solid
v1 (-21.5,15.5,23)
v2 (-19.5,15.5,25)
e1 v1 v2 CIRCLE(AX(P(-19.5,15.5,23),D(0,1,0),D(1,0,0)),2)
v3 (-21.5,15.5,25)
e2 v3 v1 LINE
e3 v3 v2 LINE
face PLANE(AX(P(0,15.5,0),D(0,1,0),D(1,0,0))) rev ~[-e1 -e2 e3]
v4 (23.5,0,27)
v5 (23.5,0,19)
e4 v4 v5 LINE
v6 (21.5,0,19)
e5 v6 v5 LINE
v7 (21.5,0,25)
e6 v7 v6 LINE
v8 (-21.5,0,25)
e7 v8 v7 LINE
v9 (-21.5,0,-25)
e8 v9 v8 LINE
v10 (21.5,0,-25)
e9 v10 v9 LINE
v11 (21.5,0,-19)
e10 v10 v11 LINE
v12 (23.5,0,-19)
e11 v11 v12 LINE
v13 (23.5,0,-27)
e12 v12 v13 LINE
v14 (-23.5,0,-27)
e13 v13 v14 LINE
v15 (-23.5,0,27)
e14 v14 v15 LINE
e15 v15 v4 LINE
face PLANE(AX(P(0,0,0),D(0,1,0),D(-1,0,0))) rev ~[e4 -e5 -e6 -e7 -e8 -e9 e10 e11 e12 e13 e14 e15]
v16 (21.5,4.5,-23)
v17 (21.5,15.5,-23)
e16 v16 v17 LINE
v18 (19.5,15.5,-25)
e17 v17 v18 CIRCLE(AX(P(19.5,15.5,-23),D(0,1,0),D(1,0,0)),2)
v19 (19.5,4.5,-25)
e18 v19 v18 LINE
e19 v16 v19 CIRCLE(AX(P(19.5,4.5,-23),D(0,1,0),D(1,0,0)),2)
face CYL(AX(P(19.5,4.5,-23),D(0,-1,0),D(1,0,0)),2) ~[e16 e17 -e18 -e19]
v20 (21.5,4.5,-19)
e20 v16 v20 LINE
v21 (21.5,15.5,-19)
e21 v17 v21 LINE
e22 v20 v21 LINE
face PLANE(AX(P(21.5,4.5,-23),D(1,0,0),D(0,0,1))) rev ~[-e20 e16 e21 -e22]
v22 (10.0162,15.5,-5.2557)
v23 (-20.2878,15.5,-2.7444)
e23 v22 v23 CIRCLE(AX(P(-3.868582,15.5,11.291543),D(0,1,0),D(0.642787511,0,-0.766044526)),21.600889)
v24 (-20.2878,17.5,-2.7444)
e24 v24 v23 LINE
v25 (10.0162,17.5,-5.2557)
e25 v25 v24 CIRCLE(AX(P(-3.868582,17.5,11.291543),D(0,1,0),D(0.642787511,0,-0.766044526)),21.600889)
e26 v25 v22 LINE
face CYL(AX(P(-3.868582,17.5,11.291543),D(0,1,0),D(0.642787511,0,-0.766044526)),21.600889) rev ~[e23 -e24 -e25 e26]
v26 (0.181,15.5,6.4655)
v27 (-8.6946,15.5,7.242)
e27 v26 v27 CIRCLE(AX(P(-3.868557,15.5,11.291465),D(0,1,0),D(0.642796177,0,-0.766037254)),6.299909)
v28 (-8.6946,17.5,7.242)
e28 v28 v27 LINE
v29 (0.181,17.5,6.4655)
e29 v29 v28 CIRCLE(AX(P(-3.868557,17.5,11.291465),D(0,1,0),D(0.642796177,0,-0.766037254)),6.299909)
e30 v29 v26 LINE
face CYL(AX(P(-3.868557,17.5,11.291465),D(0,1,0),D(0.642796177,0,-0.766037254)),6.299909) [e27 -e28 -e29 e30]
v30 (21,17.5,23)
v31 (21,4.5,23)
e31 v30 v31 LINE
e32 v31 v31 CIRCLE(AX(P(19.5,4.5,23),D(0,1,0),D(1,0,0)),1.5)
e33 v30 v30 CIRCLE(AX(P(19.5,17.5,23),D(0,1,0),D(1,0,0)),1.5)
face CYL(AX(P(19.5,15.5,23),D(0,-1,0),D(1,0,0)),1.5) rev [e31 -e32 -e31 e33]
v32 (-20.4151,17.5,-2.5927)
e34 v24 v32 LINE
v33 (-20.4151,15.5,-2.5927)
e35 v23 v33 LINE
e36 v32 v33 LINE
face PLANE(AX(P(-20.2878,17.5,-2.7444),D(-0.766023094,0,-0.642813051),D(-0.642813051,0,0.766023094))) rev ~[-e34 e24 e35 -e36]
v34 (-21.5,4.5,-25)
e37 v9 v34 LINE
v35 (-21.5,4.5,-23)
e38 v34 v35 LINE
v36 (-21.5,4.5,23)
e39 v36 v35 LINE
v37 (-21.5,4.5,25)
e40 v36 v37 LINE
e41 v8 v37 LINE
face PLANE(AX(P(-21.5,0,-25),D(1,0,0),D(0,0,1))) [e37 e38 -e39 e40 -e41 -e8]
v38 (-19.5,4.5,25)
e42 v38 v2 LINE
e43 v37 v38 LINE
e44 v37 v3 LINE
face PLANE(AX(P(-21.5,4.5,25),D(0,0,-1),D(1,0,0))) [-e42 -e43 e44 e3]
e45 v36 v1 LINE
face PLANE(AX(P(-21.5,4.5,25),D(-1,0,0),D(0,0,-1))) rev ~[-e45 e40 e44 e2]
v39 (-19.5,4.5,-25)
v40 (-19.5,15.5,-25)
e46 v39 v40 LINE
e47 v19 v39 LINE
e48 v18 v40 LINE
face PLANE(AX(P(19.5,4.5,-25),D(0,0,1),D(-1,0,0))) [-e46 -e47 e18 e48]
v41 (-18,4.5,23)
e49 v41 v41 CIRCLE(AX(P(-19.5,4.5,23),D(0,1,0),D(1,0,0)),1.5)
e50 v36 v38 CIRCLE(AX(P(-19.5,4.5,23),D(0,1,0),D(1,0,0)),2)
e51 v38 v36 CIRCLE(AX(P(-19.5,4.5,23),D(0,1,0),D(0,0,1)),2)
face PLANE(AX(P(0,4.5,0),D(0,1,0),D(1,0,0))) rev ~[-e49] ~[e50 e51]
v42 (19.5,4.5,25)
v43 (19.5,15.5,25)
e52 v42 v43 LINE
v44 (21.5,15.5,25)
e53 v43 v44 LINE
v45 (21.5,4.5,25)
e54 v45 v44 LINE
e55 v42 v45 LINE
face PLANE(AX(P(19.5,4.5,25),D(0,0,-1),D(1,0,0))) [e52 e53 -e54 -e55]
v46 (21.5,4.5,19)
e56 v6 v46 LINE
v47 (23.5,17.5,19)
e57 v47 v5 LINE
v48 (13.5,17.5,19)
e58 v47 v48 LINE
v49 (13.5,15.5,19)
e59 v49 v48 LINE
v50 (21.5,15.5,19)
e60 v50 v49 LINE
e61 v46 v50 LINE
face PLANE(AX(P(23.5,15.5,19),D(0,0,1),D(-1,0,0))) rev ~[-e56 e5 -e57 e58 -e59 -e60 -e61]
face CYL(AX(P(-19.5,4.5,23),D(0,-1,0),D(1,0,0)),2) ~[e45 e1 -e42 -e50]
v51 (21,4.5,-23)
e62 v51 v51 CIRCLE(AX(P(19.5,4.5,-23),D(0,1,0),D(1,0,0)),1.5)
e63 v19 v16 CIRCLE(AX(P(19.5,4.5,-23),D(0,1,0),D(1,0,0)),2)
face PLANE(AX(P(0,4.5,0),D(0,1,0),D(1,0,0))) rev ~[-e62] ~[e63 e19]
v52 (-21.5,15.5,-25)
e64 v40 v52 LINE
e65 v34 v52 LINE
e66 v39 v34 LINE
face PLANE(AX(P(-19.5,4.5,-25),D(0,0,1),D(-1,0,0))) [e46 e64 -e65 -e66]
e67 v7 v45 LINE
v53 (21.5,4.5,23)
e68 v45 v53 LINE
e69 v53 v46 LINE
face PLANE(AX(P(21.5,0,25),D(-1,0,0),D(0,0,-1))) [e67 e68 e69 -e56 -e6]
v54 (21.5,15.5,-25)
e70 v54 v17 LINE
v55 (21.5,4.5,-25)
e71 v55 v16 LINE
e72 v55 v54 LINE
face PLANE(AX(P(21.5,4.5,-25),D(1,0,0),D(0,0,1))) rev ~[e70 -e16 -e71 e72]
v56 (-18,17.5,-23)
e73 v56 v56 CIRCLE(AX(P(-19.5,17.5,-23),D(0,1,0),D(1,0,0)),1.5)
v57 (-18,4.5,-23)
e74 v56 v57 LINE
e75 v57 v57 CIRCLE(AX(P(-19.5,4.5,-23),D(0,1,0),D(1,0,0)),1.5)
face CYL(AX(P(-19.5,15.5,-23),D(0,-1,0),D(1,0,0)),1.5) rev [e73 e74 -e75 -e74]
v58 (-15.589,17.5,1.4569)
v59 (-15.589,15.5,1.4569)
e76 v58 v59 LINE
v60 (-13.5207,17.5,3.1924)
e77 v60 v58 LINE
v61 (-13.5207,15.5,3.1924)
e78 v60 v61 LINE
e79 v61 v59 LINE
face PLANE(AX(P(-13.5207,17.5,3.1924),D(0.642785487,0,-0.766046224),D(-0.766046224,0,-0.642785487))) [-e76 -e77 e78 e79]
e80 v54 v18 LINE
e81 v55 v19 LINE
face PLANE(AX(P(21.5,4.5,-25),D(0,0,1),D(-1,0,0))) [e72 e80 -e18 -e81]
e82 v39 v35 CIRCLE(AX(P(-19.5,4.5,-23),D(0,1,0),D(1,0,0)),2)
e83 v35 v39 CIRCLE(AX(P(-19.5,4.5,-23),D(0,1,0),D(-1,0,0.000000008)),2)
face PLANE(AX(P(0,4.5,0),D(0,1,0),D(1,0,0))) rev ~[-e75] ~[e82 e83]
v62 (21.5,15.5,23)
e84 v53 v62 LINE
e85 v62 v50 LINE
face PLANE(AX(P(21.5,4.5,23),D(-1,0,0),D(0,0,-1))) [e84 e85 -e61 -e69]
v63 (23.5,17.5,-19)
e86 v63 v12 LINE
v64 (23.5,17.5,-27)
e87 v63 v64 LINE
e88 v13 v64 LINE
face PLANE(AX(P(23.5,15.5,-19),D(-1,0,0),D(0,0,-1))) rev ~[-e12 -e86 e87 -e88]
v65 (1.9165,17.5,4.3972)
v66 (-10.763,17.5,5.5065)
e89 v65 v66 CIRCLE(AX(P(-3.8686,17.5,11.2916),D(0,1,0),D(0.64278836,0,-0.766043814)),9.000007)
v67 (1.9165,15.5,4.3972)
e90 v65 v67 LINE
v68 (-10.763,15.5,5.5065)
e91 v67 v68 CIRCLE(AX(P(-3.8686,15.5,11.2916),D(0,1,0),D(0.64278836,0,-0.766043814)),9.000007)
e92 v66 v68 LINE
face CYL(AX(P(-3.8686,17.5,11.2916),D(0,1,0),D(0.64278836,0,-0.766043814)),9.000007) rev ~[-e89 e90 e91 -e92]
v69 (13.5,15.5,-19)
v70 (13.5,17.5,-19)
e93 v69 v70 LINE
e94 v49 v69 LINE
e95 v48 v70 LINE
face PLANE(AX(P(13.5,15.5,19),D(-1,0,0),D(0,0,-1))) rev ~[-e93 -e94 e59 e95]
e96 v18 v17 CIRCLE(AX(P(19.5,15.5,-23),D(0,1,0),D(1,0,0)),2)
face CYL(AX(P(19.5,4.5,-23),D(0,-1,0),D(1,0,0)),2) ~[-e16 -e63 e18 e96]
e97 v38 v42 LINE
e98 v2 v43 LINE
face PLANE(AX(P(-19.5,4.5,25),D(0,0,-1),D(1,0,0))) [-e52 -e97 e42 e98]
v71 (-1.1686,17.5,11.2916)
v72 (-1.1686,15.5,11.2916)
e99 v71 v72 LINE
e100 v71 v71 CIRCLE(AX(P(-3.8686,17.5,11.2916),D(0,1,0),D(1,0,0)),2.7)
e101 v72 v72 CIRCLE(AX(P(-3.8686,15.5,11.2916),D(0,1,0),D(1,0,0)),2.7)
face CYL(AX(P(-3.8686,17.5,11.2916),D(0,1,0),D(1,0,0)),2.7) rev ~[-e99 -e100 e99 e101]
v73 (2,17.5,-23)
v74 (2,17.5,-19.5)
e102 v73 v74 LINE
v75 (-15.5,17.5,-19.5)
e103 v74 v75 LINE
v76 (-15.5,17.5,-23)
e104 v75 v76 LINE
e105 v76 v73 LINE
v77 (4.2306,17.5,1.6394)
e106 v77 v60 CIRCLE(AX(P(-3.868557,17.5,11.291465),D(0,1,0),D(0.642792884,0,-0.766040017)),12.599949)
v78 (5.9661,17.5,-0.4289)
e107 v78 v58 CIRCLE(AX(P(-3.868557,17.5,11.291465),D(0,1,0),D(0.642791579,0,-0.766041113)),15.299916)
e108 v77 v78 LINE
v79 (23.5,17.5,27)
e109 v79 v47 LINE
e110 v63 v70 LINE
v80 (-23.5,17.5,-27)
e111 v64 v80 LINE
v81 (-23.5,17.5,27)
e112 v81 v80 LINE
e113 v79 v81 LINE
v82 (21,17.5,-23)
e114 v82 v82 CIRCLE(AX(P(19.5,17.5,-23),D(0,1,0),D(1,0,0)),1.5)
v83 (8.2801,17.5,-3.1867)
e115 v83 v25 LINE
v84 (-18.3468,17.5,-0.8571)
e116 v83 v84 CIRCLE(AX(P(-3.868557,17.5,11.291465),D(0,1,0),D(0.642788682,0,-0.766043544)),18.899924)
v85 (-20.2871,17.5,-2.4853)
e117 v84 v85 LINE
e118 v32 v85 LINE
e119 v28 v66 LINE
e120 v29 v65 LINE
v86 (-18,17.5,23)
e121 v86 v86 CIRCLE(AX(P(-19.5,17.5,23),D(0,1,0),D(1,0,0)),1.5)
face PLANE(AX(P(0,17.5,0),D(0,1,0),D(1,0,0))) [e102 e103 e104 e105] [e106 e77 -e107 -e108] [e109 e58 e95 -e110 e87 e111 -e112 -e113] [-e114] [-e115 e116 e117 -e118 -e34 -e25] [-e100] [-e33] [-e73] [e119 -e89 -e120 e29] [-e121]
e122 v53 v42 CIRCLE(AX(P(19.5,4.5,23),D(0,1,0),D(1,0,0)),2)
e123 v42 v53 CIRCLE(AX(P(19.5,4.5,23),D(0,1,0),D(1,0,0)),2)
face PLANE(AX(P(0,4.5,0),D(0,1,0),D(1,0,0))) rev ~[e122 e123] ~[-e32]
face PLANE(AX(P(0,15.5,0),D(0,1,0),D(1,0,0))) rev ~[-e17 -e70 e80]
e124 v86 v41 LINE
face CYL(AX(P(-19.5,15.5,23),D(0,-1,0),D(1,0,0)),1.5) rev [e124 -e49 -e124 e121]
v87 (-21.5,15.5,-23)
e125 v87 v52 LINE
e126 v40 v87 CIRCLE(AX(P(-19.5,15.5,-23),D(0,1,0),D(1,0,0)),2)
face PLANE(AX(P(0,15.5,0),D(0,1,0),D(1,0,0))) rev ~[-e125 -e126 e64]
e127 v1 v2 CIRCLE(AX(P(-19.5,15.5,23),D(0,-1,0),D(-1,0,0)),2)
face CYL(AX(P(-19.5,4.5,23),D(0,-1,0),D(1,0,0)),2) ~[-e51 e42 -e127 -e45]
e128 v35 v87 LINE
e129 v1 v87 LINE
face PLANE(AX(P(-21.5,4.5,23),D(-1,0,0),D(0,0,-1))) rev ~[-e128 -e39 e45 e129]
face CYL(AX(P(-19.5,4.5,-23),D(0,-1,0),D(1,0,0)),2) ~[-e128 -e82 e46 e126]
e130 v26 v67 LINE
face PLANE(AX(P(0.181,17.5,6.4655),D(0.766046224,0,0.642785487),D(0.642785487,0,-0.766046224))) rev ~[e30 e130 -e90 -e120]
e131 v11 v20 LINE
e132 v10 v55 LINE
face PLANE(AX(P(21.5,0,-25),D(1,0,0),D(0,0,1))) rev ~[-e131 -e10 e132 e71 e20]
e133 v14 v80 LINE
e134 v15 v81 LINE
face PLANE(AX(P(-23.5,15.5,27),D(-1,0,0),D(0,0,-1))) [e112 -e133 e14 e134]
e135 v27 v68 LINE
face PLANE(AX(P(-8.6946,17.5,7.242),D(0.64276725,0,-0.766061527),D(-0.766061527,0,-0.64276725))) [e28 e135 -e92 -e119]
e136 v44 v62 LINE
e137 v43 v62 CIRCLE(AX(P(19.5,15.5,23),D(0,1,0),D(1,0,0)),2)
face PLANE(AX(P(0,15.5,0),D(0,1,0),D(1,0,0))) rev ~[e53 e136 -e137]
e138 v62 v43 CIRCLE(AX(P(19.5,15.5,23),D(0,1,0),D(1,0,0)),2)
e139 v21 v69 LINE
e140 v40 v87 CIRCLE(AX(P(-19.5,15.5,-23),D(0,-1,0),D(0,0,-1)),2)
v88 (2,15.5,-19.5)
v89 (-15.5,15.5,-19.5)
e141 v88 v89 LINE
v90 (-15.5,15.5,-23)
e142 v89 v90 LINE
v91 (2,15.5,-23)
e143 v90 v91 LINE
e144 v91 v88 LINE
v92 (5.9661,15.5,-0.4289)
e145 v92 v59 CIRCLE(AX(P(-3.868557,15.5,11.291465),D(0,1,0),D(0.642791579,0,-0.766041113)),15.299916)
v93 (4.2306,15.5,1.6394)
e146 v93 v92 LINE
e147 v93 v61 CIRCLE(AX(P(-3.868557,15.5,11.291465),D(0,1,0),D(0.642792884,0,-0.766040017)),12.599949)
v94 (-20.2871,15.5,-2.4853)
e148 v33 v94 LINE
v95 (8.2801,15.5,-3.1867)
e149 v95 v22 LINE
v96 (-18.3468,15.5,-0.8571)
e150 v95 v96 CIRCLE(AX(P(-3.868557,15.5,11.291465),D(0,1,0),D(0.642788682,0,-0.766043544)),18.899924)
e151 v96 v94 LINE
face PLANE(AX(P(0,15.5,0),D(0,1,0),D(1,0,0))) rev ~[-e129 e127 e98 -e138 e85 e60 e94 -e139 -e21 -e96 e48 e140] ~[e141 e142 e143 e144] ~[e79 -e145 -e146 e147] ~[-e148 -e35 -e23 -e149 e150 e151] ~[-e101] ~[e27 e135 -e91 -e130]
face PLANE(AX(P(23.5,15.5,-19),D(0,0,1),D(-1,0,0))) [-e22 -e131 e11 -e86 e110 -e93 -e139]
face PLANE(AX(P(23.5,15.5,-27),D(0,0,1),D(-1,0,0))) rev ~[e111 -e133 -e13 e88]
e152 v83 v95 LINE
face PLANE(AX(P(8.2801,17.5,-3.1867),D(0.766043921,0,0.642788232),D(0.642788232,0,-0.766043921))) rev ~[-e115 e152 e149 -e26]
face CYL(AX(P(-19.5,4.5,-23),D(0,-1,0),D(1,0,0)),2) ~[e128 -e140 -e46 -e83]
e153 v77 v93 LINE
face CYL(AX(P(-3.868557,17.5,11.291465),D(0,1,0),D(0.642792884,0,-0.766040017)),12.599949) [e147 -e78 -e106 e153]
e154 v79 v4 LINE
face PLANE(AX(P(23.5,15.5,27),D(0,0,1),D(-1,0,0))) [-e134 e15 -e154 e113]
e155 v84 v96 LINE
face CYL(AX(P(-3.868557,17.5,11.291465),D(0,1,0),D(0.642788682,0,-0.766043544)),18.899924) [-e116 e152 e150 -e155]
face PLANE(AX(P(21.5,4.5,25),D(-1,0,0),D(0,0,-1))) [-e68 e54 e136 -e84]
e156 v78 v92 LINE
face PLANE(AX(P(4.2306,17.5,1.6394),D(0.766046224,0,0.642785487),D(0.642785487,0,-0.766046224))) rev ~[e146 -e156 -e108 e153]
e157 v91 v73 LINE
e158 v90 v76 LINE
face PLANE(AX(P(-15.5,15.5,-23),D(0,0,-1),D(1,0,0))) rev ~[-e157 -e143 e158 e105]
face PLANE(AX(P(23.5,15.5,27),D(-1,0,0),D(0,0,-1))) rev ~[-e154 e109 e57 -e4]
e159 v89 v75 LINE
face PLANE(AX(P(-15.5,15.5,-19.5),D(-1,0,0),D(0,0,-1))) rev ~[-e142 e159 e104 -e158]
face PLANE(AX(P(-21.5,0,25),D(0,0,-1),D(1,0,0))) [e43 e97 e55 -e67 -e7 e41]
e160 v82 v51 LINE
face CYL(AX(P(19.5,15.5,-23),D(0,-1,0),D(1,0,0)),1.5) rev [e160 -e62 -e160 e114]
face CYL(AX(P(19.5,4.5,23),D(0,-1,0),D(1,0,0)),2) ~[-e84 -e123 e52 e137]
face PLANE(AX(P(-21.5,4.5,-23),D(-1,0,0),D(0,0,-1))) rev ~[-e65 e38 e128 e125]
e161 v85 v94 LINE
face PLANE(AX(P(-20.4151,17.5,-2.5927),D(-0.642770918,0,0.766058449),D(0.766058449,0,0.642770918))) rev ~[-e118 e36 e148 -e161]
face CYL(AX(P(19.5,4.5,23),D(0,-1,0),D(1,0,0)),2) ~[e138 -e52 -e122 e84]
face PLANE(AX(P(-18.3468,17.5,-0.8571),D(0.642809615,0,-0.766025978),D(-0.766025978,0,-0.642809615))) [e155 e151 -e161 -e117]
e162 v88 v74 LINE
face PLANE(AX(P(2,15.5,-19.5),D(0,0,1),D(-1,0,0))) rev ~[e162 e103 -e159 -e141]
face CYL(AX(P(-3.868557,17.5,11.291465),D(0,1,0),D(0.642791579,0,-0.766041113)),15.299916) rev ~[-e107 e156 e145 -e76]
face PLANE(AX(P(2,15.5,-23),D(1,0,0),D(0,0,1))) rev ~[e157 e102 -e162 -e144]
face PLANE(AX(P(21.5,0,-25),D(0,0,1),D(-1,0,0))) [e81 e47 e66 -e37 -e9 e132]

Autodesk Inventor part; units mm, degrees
ref_plane "YZ Plane" through (0, 0, 0) normal (1, 0, 0) x (0, 1, 0)
ref_plane "XZ Plane" through (0, 0, 0) normal (0, 1, 0) x (-1, 0, 0)
ref_plane "XY Plane" through (0, 0, 0) normal (0, 0, 1) x (1, 0, 0)
sketch "Sketch1" plane through (0, 0, 0) normal (0, 1, 0) x (-1, 0, 0)
  line L0 (23.5, 27) -> (-23.5, 27)
  line L1 (-23.5, -27) -> (23.5, -27)
  line L2 (23.5, -27) -> (23.5, 27)
  line L3 (21.5, 25) -> (-21.5, 25)
  line L4 (-21.5, -25) -> (21.5, -25)
  line L5 (21.5, -25) -> (21.5, 25)
  line L6 (-21.5, -25) -> (-21.5, -19)
  line L7 (-21.5, -19) -> (-23.5, -19)
  line L8 (-21.5, 25) -> (-21.5, 19)
  line L9 (-21.5, 19) -> (-23.5, 19)
  line L10 (-23.5, 27) -> (-23.5, 19)
  line L11 (-23.5, -19) -> (-23.5, -27)
  line L12 (-21.5, 25) -> (-21.5, 19)
  line L13 (-21.5, -19) -> (-21.5, -25)
  dimension "d2" = 47
  dimension "d3" = 54
  dimension "d4" = 43
  dimension "d5" = 50
  dimension "d6" = 6
  dimension "d7" = 6
extrude "Extrusion1" add sketch "Sketch1" along normal blind 4.5
sketch "Sketch2" plane through (0, 4.5, 0) normal (0, 1, 0) x (1, 0, 0)
  line L0 (23.5, -27) -> (-23.5, -27)
  line L1 (23.5, 27) -> (-23.5, 27) projected
  line L2 (-23.5, -27) -> (-23.5, 27)
  line L3 (-23.5, 27) -> (23.5, 27)
  line L4 (23.5, 19) -> (23.5, 27) projected
  line L5 (23.5, 27) -> (23.5, 19)
  line L6 (23.5, 19) -> (21.5, 19)
  line L7 (21.5, 25) -> (21.5, 19) projected
  line L8 (21.5, 19) -> (21.5, 25)
  line L9 (21.5, 25) -> (-21.5, 25)
  line L10 (-21.5, -25) -> (-21.5, 25) projected
  line L11 (-21.5, 25) -> (-21.5, -25)
  line L12 (-21.5, -25) -> (21.5, -25)
  line L13 (21.5, -25) -> (21.5, -19)
  line L14 (21.5, -19) -> (23.5, -19)
  line L15 (23.5, -27) -> (23.5, -19) projected
  line L16 (23.5, -19) -> (23.5, -27)
  line L17 (21.5, -25) -> (-21.5, -25) projected
  line L18 (-21.5, -25) -> (-19.5, -25)
  circle A0 centre (-19.5, -23) radius 1.5
  circle A1 centre (-19.5, -23) radius 2
  line L19 (-21.5, 25) -> (-19.5, 25)
  line L20 (-21.5, 25) -> (21.5, 25) projected
  circle A2 centre (-19.5, 23) radius 1.5
  circle A3 centre (-19.5, 23) radius 2
  line L21 (21.5, 25) -> (19.5, 25)
  circle A4 centre (19.5, 23) radius 1.5
  circle A5 centre (19.5, 23) radius 2
  line L22 (21.5, -25) -> (19.5, -25)
  circle A6 centre (19.5, -23) radius 1.5
  circle A7 centre (19.5, -23) radius 2
  point P0 (0, 0)
  dimension "d13" = 2
extrude "Extrusion2" add sketch "Sketch2" along normal blind 11 contours L0 L2 L1 L4 L6 L7 L9 L10 L12 L13 L14 L15 | A7 | A1 | A5 | A3
sketch "Sketch3" plane through (0, 15.5, 0) normal (0, 1, 0) x (1, 0, 0)
  point P0 (0, 0)
sketch "Sketch4" plane through (0, 15.5, 0) normal (0, 1, 0) x (1, 0, 0)
  circle A0 centre (-19.5, -23) radius 1.5 projected
  circle A1 centre (-19.5, -23) radius 1.5
  circle A2 centre (-19.5, 23) radius 1.5 projected
  circle A3 centre (-19.5, 23) radius 1.5
  arc A4 (19.5, 25) -> (21.5, 23) centre (19.5, 23) ccw projected
  circle A5 centre (19.5, 23) radius 1.5
  circle A6 centre (19.5, -23) radius 1.5 projected
  circle A7 centre (19.5, -23) radius 1.5
  line L0 (23.5, 27) -> (-23.5, 27) projected
  line L1 (23.5, -27) -> (-23.5, -27)
  line L2 (-23.5, -27) -> (-23.5, 27)
  line L3 (-23.5, 27) -> (23.5, 27)
  line L4 (23.5, 19) -> (23.5, 27) projected
  line L5 (23.5, 19) -> (13.5, 19)
  line L6 (23.5, -27) -> (23.5, -19) projected
  line L7 (23.5, -19) -> (13.5, -19)
  line L8 (13.5, -19) -> (13.5, 19)
  line L9 (23.5, 27) -> (23.5, 19)
  line L10 (23.5, -19) -> (23.5, -27)
  line L11 (-23.5, 27) -> (-23.5, -27) projected
  line L12 (-21.5, -25) -> (-21.5, 25) projected
  line L13 (-19.5, 25) -> (19.5, 25) projected
  line L14 (-15.5, 23) -> (2, 23)
  line L15 (2, 23) -> (2, 19.5)
  line L16 (2, 19.5) -> (-15.5, 19.5)
  line L17 (-15.5, 19.5) -> (-15.5, 23)
  point P0 (0, 0)
  dimension "d24" = 10
  dimension "d25" = 10
  dimension "d31" = 17.5
  dimension "d32" = 3.5
extrude "Extrusion3" add sketch "Sketch4" along normal blind 2
sketch "Sketch5" plane through (-23.5, 0, -27) normal (-1, 0, 0) x (0, 0, 1)
  point P0 (27, 0)
sketch "Sketch6" plane through (-23.5, 0, -27) normal (-1, 0, 0) x (0, 0, 1)
  point P0 (27, 0)
sketch "Sketch7" plane through (0, 17.5, 0) normal (0, 1, 0) x (1, 0, 0)
  circle A0 centre (-3.8686, -11.2916) radius 2.7
  arc A1 (0.181, -6.4655) -> (-8.6946, -7.242) centre (-3.8686, -11.2916) ccw
  arc A2 (1.9165, -4.3972) -> (-10.763, -5.5065) centre (-3.8686, -11.2916) ccw
  arc A3 (4.2306, -1.6394) -> (-13.5207, -3.1924) centre (-3.8686, -11.2916) ccw
  arc A4 (5.9661, 0.4289) -> (-15.589, -1.4569) centre (-3.8686, -11.2916) ccw
  arc A5 (8.2801, 3.1867) -> (-18.3468, 0.8571) centre (-3.8686, -11.2916) ccw
  arc A6 (10.0162, 5.2557) -> (-20.2878, 2.7444) centre (-3.8686, -11.2916) ccw
  line L0 (-20.2878, 2.7444) -> (-20.4151, 2.5927)
  line L1 (-20.4151, 2.5927) -> (-20.2871, 2.4853)
  line L2 (-18.3468, 0.8571) -> (-20.2871, 2.4853)
  line L3 (-13.5207, -3.1924) -> (-15.589, -1.4569)
  line L4 (-8.6946, -7.242) -> (-10.763, -5.5065)
  line L5 (0.181, -6.4655) -> (1.9165, -4.3972)
  line L6 (4.2306, -1.6394) -> (5.9661, 0.4289)
  line L7 (8.2801, 3.1867) -> (10.0162, 5.2557)
  dimension "d58" = 5.4
extrude "Extrusion4" cut sketch "Sketch7" against normal through all
properties part number "Box1_Top"
